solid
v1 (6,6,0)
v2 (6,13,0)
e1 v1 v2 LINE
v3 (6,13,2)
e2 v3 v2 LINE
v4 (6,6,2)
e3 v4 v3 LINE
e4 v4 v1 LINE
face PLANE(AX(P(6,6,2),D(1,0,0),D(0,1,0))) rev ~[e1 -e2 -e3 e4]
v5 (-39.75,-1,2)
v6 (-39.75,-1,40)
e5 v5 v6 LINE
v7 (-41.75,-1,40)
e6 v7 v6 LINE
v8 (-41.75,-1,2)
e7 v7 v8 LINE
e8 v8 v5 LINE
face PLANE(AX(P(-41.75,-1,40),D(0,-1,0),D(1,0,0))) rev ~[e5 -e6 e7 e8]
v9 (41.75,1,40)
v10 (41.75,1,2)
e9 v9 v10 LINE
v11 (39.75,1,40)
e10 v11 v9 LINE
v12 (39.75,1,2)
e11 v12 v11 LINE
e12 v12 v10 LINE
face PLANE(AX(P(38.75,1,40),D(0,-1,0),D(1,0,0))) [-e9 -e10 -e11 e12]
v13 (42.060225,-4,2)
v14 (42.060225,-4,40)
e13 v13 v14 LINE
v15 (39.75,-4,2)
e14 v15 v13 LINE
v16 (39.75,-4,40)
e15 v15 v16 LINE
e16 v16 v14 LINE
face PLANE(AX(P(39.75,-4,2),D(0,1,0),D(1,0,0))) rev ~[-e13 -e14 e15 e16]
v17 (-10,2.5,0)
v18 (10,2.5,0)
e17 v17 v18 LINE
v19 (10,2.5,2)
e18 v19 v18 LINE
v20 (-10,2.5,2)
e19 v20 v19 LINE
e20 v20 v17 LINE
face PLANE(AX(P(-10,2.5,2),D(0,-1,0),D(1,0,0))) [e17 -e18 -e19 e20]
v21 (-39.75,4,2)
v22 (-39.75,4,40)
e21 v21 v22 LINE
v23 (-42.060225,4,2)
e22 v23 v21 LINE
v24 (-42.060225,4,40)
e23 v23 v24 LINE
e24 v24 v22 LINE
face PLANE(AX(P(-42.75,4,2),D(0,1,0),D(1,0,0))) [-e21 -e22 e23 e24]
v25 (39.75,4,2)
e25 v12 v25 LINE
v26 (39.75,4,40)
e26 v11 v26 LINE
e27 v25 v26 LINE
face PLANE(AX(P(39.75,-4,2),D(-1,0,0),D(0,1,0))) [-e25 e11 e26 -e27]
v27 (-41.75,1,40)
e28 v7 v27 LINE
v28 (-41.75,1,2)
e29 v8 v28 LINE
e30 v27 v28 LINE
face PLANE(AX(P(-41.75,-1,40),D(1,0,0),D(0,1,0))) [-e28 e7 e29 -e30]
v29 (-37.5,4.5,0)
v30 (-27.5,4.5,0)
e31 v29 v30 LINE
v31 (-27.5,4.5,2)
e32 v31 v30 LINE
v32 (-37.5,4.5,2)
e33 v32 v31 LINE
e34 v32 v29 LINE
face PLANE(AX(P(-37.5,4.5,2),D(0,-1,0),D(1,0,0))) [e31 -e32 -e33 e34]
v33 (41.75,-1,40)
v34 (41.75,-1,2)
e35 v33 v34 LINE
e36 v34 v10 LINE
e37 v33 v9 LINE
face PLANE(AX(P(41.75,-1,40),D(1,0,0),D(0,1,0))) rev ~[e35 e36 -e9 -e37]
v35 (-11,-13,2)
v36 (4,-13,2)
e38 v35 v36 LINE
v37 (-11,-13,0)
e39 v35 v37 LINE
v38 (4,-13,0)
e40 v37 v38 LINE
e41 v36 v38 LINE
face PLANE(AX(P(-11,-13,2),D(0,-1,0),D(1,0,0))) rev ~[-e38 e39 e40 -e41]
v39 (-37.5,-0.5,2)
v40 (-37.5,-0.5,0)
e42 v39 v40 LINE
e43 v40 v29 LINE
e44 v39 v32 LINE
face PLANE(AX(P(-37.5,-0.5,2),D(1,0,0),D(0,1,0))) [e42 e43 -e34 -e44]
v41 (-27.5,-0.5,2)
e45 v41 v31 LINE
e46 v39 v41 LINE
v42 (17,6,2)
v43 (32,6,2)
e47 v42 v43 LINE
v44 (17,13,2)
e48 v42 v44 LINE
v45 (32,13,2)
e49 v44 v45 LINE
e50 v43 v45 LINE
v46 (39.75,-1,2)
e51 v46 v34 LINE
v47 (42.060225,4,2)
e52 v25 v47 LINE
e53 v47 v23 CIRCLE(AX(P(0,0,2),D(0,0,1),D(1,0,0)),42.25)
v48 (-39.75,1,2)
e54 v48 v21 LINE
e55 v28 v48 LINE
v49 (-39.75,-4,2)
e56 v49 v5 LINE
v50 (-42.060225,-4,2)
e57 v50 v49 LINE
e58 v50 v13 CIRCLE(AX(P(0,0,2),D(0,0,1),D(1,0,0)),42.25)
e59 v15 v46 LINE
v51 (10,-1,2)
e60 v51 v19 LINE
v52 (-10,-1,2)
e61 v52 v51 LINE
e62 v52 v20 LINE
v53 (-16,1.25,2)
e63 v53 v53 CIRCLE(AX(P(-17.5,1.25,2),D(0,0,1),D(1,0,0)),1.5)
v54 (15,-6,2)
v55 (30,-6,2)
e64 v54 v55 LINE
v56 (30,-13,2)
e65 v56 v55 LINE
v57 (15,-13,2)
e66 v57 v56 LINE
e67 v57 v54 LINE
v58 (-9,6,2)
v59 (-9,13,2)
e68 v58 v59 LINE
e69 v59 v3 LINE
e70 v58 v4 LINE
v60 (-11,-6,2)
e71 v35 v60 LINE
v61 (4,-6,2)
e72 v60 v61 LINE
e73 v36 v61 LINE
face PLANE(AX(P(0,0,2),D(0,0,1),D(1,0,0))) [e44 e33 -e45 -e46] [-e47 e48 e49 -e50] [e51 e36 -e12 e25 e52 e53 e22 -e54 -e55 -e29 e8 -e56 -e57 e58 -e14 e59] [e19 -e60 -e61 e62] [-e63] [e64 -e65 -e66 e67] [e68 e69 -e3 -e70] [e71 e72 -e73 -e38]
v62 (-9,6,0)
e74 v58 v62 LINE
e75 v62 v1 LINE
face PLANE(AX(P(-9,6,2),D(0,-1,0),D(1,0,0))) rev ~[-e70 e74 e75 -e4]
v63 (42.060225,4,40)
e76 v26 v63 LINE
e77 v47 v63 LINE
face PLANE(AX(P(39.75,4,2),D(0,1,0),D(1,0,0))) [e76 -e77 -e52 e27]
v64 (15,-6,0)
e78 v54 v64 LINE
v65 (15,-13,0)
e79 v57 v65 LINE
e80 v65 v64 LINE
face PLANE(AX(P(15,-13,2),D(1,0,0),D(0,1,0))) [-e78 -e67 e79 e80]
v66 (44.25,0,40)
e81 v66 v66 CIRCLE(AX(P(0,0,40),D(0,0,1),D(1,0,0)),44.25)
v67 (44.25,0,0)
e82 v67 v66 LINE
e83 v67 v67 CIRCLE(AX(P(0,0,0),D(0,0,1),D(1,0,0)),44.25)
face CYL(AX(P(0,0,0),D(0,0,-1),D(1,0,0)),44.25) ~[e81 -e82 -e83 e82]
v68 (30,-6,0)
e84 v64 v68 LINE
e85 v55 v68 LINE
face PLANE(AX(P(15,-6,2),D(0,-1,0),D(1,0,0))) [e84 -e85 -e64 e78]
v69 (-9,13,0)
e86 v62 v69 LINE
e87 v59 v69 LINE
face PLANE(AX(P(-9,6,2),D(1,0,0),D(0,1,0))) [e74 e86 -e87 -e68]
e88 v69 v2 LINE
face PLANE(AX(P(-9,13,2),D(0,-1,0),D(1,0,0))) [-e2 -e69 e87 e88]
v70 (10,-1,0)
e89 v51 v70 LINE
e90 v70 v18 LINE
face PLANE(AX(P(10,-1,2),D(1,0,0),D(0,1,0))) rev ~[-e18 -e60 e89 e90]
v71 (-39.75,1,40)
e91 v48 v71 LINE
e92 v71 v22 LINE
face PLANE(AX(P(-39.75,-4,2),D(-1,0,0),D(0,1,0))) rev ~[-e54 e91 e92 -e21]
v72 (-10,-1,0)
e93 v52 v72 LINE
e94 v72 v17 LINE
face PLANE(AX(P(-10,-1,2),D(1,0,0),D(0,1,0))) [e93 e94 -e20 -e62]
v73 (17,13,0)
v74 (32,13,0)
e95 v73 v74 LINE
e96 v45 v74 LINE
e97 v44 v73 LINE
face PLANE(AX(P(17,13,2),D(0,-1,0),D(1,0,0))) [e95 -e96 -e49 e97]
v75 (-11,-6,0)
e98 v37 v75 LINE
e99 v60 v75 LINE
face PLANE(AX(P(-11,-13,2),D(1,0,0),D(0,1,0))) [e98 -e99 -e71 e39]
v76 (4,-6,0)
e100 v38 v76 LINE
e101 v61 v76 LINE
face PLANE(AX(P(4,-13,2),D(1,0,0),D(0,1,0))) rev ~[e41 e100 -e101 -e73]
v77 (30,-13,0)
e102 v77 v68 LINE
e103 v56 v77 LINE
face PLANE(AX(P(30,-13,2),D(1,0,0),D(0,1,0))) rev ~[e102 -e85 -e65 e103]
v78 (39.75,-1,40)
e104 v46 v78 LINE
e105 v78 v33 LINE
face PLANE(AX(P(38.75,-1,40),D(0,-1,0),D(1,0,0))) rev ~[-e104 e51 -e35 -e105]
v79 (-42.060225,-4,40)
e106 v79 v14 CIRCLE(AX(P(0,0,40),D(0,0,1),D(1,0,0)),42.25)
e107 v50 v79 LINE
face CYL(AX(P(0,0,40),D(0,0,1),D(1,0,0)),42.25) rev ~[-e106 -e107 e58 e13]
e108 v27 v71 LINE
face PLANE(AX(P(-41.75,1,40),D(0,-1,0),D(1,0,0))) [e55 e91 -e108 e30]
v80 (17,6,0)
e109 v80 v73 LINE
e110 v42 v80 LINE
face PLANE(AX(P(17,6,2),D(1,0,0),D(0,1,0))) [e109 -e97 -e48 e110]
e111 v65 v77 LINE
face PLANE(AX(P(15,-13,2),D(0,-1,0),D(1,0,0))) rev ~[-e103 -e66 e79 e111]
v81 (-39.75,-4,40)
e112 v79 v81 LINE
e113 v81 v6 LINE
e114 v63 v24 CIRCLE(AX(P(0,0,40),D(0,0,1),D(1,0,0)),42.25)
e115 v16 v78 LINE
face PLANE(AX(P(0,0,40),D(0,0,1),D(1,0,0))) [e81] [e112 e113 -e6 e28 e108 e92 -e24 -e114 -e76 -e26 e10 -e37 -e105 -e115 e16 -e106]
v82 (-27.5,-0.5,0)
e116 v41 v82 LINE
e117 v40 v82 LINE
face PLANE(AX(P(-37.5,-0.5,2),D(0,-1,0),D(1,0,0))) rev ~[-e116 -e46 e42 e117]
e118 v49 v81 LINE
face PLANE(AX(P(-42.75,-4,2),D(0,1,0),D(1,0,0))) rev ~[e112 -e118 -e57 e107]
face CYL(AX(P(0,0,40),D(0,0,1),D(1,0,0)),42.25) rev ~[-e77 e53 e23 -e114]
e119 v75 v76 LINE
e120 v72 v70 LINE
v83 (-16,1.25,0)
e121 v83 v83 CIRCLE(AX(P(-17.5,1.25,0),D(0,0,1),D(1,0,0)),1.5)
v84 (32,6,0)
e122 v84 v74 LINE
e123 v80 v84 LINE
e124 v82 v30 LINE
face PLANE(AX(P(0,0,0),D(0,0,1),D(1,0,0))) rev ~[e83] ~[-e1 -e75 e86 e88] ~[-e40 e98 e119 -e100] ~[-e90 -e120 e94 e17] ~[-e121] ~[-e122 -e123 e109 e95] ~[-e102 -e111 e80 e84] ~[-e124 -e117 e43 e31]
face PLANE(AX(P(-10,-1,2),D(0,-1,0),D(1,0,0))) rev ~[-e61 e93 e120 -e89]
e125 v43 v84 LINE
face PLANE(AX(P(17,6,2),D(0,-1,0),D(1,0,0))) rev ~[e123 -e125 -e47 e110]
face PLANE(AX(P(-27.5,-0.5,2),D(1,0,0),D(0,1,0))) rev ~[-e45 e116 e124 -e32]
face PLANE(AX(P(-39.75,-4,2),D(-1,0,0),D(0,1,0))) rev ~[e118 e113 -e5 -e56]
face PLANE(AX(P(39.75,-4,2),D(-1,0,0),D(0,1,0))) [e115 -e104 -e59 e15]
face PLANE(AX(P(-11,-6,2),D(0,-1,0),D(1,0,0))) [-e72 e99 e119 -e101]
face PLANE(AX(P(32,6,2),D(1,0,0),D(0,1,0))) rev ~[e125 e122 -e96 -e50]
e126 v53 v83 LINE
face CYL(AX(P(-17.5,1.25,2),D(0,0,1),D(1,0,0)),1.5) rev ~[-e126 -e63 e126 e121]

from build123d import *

# Parameters (mm, degrees)
SKETCH_R        = 44.25
PAD_DEPTH       = 40
SKETCH001_R     = 42.25
POCKET_DEPTH    = 38
SKETCH002_W     = 3
SKETCH002_H     = 8
PAD001_DEPTH    = 38
SKETCH003_W     = 3
SKETCH003_H     = 2
POCKET001_DEPTH = 38
SKETCH004_R     = 1.5
SKETCH004_W     = 20
SKETCH004_H     = 3.5
SKETCH004_W_2   = 10
SKETCH004_H_2   = 5
SKETCH004_W_3   = 15
SKETCH004_H_3   = 7
POCKET002_DEPTH = 2


with BuildPart() as part:
    # Sketch → Pad (new body)
    with BuildSketch(Plane.XY):
        Circle(SKETCH_R)
    extrude(amount=PAD_DEPTH)

    # Sketch001 (on Face3 of Pad) → Pocket (cut)
    with BuildSketch(Plane.XY.offset(40)):
        Circle(SKETCH001_R)
    extrude(amount=-POCKET_DEPTH, mode=Mode.SUBTRACT)

    # Sketch002 (on Face5 of Pocket) → Pad001 (join)
    with BuildSketch(Plane.XY.offset(2)):
        with Locations((-41.25, 0)):
            Rectangle(SKETCH002_W, SKETCH002_H)
        with Locations((41.25, 0)):
            Rectangle(SKETCH002_W, SKETCH002_H)
    extrude(amount=PAD001_DEPTH)

    # Sketch003 (on Face14 of Pad001) → Pocket001 (cut)
    with BuildSketch(Plane.XY.offset(40)):
        with Locations((-40.25, 0)):
            Rectangle(SKETCH003_W, SKETCH003_H)
        with Locations((40.25, 0)):
            Rectangle(SKETCH003_W, SKETCH003_H)
    extrude(amount=-POCKET001_DEPTH, mode=Mode.SUBTRACT)

    # Sketch004 (on Face9 of Pocket001) → Pocket002 (cut)
    with BuildSketch(Plane.XY.offset(2)):
        with Locations((-17.5, 1.25)):
            Circle(SKETCH004_R)
        with Locations((0, 0.75)):
            Rectangle(SKETCH004_W, SKETCH004_H)
        with Locations((-32.5, 2)):
            Rectangle(SKETCH004_W_2, SKETCH004_H_2)
        with Locations((-3.5, -9.5)):
            Rectangle(SKETCH004_W_3, SKETCH004_H_3)
        with Locations((22.5, -9.5)):
            Rectangle(SKETCH004_W_3, SKETCH004_H_3)
        with Locations((-1.5, 9.5)):
            Rectangle(SKETCH004_W_3, SKETCH004_H_3)
        with Locations((24.5, 9.5)):
            Rectangle(SKETCH004_W_3, SKETCH004_H_3)
    extrude(amount=-POCKET002_DEPTH, mode=Mode.SUBTRACT)


solid = part.part
